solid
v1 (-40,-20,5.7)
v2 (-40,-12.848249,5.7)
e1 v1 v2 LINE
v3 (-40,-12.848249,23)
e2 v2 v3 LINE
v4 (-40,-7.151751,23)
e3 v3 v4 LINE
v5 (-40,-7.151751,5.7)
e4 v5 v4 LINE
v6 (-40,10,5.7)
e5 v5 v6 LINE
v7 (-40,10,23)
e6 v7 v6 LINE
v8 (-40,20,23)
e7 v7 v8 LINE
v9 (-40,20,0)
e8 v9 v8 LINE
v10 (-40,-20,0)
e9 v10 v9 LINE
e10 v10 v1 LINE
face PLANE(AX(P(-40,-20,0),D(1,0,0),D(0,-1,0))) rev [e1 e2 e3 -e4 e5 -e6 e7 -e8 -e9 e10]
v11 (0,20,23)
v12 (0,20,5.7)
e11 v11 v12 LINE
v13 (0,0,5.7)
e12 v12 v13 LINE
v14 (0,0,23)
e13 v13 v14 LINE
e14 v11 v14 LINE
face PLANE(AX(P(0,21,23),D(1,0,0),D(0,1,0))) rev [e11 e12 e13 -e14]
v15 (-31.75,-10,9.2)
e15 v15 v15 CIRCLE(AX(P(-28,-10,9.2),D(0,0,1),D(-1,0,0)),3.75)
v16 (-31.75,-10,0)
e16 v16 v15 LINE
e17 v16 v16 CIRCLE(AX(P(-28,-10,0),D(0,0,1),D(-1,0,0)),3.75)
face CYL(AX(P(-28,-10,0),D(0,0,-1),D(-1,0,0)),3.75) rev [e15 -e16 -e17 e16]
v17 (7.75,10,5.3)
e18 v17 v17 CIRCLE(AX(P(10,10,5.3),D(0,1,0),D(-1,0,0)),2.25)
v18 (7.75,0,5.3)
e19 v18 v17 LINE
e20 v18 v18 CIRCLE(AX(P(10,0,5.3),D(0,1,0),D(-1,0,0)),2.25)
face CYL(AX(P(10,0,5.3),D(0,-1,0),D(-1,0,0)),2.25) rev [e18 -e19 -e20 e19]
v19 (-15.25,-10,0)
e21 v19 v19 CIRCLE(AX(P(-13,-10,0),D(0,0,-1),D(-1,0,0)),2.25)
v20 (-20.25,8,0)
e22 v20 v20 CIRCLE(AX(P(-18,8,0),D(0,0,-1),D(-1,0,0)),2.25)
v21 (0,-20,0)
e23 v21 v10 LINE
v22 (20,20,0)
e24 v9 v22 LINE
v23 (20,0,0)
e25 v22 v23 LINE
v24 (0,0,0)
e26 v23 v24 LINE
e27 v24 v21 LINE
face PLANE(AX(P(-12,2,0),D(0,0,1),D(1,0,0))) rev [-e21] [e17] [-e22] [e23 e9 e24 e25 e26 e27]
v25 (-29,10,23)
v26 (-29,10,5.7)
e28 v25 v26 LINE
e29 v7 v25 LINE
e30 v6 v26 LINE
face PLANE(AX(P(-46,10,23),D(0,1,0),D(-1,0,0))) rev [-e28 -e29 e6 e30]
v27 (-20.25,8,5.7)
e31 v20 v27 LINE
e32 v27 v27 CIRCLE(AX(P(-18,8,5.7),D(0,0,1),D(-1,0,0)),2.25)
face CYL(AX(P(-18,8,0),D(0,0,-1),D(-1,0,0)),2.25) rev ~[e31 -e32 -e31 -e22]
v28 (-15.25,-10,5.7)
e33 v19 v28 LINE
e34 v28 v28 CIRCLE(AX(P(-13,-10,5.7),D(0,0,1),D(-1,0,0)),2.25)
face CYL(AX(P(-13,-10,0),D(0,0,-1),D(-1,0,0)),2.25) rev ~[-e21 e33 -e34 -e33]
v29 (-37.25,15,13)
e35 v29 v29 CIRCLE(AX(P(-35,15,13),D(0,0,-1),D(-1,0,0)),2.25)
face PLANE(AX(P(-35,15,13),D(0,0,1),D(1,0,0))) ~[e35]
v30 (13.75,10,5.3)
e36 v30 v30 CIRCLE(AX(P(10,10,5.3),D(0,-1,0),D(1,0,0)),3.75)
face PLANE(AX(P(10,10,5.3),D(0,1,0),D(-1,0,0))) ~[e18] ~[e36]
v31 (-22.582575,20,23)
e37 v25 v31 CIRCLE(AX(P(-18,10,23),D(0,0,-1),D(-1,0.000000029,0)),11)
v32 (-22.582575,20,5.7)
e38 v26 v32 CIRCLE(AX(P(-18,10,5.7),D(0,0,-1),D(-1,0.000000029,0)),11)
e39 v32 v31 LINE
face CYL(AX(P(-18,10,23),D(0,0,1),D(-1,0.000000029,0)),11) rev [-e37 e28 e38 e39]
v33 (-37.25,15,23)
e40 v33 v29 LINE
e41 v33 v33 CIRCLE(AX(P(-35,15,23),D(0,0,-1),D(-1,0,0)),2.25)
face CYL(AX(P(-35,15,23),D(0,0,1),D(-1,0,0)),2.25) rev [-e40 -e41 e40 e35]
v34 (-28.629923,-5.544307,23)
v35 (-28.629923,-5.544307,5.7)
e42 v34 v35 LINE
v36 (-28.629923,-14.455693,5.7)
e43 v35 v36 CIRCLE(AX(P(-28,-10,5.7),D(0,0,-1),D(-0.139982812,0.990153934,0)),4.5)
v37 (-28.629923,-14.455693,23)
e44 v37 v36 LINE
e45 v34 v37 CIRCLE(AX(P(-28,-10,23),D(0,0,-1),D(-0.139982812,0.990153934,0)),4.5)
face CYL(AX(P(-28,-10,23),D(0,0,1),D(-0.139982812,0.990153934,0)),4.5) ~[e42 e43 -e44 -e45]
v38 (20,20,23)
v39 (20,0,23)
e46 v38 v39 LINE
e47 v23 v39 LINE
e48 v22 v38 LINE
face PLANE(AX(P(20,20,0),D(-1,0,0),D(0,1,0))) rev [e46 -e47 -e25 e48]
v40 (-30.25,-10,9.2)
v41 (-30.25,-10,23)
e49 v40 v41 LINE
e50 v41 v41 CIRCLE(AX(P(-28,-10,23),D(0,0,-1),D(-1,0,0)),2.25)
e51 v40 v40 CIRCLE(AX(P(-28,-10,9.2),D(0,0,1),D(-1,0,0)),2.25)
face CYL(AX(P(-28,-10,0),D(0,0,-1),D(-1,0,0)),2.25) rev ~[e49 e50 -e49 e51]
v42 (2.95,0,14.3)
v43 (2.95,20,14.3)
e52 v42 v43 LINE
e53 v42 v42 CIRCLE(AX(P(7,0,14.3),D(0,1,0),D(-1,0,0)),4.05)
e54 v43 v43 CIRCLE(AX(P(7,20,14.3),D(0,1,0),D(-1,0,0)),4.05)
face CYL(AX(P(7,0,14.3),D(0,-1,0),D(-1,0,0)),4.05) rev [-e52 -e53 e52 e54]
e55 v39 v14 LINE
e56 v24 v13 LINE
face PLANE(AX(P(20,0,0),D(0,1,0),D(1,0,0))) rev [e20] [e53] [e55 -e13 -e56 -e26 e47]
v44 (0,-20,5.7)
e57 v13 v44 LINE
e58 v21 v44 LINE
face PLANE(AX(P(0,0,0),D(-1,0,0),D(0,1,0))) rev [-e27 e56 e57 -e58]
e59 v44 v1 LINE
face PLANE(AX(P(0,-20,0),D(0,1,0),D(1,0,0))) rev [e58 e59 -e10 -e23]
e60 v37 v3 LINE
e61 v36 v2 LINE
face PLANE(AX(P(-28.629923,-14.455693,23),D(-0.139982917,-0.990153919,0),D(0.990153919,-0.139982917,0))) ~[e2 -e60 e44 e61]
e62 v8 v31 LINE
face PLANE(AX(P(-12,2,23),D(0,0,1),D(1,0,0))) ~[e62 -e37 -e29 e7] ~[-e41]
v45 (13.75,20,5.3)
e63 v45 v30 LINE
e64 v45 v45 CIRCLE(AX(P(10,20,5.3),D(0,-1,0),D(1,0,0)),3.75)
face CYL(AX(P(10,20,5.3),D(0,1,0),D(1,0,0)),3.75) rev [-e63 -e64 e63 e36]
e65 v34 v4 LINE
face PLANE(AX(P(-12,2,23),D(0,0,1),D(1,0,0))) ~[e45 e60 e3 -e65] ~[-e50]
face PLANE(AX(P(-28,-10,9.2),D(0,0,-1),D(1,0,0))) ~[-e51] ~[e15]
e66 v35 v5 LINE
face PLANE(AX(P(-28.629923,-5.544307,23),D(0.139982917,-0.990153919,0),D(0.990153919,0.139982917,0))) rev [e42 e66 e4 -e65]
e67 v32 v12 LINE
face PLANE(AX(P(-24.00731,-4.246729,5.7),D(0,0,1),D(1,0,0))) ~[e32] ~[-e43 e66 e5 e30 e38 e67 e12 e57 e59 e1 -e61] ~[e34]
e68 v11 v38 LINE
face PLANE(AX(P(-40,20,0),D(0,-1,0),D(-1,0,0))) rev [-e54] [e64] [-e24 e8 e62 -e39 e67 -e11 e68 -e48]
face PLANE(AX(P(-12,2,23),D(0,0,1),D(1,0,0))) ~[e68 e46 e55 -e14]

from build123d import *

# Parameters (mm, degrees)
SKETCH_R        = 2.25
PAD_DEPTH       = 23
POCKET_DEPTH    = 17.3
SKETCH002_R     = 4.05
SKETCH002_R_2   = 2.25
POCKET001_DEPTH = 20.001
SKETCH003_R     = 2.25
POCKET002_DEPTH = 10
SKETCH004_R     = 3.75
POCKET003_DEPTH = 10
SKETCH005_R     = 3.75
POCKET004_DEPTH = 9.2


with BuildPart() as pocket004:
    # Sketch → Pad (new body)
    with BuildSketch(Plane.XY):
        Polygon((0, -20), (40, -20), (40, 20), (-20, 20), (-20, 0), (0, 0), align=None)
        with Locations((18, 8)):
            Circle(SKETCH_R, mode=Mode.SUBTRACT)
        with Locations((13, -10)):
            Circle(SKETCH_R, mode=Mode.SUBTRACT)
        with Locations((28, -10)):
            Circle(SKETCH_R, mode=Mode.SUBTRACT)
    extrude(amount=PAD_DEPTH)

    # Sketch001 → Pocket (cut)
    with BuildSketch(Plane.XY.offset(23)):
        with BuildLine():
            Line((46, 10), (29, 10))
            ThreePointArc((29, 10), (25.778159, 17.77819), (17.999956, 21))
            Line((17.999956, 21), (0, 21))
            Line((0, 21), (0, -23))
            Line((0, -23), (46, -23))
            Line((46, -23), (46, -12))
            Line((28.629923, -14.455693), (46, -12))
            ThreePointArc((28.629923, -5.544307), (23.5, -10), (28.629923, -14.455693))
            Line((28.629923, -5.544307), (46, -8))
            Line((46, -8), (46, 10))
        make_face()
    extrude(amount=-POCKET_DEPTH, mode=Mode.SUBTRACT)

    # Sketch002 → Pocket001 (cut, through all)
    with BuildSketch(Plane.XZ):
        with Locations((-7, 14.3)):
            Circle(SKETCH002_R)
        with Locations((-10, 5.3)):
            Circle(SKETCH002_R_2)
    extrude(amount=-POCKET001_DEPTH, mode=Mode.SUBTRACT)

    # Sketch003 → Pocket002 (cut)
    with BuildSketch(Plane.XY.offset(23)):
        with Locations((35, 15)):
            Circle(SKETCH003_R)
    extrude(amount=-POCKET002_DEPTH, mode=Mode.SUBTRACT)

    # Sketch004 → Pocket003 (cut)
    with BuildSketch(Plane(origin=(0, 20, 0), x_dir=(-1, 0, 0), z_dir=(0, 1, 0))):
        with Locations((10, 5.3)):
            Circle(SKETCH004_R)
    extrude(amount=-POCKET003_DEPTH, mode=Mode.SUBTRACT)

    # Sketch005 → Pocket004 (cut)
    with BuildSketch(Plane(origin=(0, 0, 0), x_dir=(1, 0, 0), z_dir=(0, 0, -1))):
        with Locations((28, 10)):
            Circle(SKETCH005_R)
    extrude(amount=-POCKET004_DEPTH, mode=Mode.SUBTRACT)


with BuildPart() as part_mirroring:
    # Part__Mirroring: instance of Pocket004
    add(pocket004.part.mirror(Plane(origin=(0, 0, 0), x_dir=(0, -1, 0), z_dir=(1, 0, 0))))


solid = part_mirroring.part
